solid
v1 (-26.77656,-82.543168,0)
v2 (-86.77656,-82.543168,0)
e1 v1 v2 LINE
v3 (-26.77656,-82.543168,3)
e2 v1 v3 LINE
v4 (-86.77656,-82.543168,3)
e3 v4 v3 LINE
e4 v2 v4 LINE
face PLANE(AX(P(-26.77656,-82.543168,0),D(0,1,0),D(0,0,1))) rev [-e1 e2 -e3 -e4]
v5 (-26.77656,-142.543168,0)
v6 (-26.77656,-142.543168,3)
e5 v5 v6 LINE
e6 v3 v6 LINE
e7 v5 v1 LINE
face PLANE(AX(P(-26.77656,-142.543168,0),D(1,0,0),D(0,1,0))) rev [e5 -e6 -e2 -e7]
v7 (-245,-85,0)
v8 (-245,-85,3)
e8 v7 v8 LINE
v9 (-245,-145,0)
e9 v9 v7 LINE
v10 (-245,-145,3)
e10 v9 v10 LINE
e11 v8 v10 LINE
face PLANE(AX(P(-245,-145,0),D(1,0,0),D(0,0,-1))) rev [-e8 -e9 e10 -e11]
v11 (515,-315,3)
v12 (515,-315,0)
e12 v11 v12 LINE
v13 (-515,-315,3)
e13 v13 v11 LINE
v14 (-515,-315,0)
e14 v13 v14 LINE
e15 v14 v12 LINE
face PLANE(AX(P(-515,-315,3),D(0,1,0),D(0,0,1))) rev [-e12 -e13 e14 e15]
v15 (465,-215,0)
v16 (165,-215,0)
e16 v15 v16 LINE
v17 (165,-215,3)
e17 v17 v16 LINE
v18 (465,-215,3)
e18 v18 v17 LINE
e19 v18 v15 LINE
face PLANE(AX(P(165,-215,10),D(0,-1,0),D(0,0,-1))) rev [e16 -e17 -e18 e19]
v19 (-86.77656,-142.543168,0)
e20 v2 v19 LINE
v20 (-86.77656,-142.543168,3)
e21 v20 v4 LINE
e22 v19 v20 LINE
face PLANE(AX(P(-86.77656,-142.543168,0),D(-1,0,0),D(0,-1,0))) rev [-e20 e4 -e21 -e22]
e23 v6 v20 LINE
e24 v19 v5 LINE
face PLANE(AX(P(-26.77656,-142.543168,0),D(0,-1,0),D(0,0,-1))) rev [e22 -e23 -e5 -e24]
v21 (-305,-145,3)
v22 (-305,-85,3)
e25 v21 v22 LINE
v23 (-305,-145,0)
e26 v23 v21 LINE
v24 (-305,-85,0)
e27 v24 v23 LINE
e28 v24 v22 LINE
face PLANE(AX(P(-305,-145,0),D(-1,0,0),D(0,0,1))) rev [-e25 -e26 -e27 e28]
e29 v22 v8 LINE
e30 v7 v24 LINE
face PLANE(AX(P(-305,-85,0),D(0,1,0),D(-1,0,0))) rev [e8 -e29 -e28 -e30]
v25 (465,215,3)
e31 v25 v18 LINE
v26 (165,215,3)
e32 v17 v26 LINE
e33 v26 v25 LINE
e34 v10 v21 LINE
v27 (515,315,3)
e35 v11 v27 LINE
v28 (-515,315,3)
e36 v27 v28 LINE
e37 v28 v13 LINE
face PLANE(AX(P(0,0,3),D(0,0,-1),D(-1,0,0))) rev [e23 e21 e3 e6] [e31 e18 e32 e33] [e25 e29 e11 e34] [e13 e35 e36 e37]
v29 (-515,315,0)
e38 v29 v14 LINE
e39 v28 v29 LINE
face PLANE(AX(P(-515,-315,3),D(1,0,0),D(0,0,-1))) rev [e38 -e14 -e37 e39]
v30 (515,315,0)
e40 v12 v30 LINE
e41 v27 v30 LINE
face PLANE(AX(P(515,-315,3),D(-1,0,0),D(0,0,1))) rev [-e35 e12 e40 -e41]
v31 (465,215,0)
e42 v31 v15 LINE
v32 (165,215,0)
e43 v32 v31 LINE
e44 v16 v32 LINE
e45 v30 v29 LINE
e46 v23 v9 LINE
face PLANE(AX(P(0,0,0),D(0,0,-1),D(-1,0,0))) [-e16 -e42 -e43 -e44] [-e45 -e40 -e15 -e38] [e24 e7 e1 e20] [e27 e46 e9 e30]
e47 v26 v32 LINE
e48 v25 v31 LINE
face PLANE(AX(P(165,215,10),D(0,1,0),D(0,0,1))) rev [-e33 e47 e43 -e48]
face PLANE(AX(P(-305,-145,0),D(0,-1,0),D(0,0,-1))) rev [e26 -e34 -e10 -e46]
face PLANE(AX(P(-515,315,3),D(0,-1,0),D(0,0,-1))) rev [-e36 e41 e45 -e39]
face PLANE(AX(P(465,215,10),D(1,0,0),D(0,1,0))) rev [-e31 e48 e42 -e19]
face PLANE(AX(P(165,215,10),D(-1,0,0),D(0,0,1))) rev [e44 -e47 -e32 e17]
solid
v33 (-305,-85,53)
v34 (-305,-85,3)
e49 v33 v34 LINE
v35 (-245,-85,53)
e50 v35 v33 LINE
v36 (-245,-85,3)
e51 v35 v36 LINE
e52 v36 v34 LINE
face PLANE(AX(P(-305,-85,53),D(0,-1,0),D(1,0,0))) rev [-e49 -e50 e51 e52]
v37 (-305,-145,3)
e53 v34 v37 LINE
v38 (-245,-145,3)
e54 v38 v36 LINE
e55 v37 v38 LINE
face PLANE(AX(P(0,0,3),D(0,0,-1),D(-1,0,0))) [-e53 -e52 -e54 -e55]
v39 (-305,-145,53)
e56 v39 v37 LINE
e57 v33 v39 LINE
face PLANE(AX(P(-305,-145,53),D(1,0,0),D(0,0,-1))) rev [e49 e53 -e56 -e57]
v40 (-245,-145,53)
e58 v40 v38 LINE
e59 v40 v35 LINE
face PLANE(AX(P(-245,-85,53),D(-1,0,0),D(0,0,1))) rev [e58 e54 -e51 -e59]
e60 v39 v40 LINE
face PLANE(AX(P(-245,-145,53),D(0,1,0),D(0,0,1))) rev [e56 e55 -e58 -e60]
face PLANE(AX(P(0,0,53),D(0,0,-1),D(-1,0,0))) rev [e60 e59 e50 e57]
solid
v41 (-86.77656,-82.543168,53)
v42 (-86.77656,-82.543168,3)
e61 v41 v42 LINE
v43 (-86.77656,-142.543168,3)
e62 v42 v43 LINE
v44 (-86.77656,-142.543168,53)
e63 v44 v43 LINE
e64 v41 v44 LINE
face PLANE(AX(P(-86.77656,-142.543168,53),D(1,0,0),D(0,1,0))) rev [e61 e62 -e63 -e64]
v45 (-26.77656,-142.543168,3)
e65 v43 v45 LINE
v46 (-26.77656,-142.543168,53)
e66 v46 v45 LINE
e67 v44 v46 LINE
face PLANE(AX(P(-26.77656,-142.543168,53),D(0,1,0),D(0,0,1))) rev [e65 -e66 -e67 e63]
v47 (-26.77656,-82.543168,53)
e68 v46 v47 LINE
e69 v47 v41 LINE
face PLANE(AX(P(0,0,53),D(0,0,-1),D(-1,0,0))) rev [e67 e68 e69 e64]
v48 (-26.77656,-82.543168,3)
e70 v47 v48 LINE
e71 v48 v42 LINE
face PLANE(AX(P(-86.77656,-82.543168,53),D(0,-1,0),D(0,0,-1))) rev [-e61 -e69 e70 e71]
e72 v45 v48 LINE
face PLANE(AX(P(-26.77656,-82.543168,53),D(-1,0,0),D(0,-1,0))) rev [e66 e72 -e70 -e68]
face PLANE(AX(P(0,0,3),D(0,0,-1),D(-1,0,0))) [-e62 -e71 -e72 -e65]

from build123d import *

# Parameters (mm, degrees)
ESQUISSE1_W                  = 1030
ESQUISSE1_H                  = 630
BOSS_EXTRU_1_DEPTH           = 3
ESQUISSE2_W                  = 300
ESQUISSE2_H                  = 430
ENL_V_MAT_EXTRU_1_DEPTH      = 10
ENL_V_MAT_EXTRU_2_DEPTH      = 604.704397864
ENL_V_MAT_EXTRU_2_DEPTH_BACK = 604.704397864
ESQUISSE3_W                  = 60
ESQUISSE3_H                  = 60
ESQUISSE4_W                  = 60
ESQUISSE4_H                  = 60
BOSS_EXTRU_2_DEPTH           = 50
BOSS_EXTRU_2_2_DEPTH         = 50


with BuildPart() as part:
    # Esquisse1 → Boss.-Extru.1 (new body)
    with BuildSketch(Plane.XY):
        Rectangle(ESQUISSE1_W, ESQUISSE1_H)
    extrude(amount=BOSS_EXTRU_1_DEPTH)

    # Esquisse2 → Enlèv. mat.-Extru.1 (cut)
    with BuildSketch(Plane(origin=(0, 0, 0), x_dir=(-1, 0, 0), z_dir=(0, 0, -1))):
        with Locations((-315, 0)):
            Rectangle(ESQUISSE2_W, ESQUISSE2_H)
    extrude(amount=-ENL_V_MAT_EXTRU_1_DEPTH, mode=Mode.SUBTRACT)

    # Esquisse3 → Enlèv. mat.-Extru.2 (cut, two sides: drawn at the far end of the back side and taken through both)
    with BuildSketch(Plane.XY.offset(3).offset(-ENL_V_MAT_EXTRU_2_DEPTH_BACK)):
        with Locations((-275, -115)):
            Rectangle(ESQUISSE3_W, ESQUISSE3_H)
        with Locations((-56.776559507, -112.543167667)):
            Rectangle(ESQUISSE3_W, ESQUISSE3_H)
    extrude(amount=ENL_V_MAT_EXTRU_2_DEPTH + ENL_V_MAT_EXTRU_2_DEPTH_BACK, mode=Mode.SUBTRACT)


with BuildPart() as body_2:
    # Esquisse4 → Boss.-Extru.2 (new body)
    with BuildSketch(Plane.XY.offset(3)):
        with Locations((-275, -115)):
            Rectangle(ESQUISSE4_W, ESQUISSE4_H)
    extrude(amount=BOSS_EXTRU_2_DEPTH)


with BuildPart() as body_3:
    # Esquisse4 → Boss.-Extru.2 2 (new body)
    with BuildSketch(Plane.XY.offset(3)):
        with Locations((-56.776559507, -112.543167667)):
            Rectangle(ESQUISSE4_W, ESQUISSE4_H)
    extrude(amount=BOSS_EXTRU_2_2_DEPTH)


solid = Compound([part.part, body_2.part, body_3.part])
